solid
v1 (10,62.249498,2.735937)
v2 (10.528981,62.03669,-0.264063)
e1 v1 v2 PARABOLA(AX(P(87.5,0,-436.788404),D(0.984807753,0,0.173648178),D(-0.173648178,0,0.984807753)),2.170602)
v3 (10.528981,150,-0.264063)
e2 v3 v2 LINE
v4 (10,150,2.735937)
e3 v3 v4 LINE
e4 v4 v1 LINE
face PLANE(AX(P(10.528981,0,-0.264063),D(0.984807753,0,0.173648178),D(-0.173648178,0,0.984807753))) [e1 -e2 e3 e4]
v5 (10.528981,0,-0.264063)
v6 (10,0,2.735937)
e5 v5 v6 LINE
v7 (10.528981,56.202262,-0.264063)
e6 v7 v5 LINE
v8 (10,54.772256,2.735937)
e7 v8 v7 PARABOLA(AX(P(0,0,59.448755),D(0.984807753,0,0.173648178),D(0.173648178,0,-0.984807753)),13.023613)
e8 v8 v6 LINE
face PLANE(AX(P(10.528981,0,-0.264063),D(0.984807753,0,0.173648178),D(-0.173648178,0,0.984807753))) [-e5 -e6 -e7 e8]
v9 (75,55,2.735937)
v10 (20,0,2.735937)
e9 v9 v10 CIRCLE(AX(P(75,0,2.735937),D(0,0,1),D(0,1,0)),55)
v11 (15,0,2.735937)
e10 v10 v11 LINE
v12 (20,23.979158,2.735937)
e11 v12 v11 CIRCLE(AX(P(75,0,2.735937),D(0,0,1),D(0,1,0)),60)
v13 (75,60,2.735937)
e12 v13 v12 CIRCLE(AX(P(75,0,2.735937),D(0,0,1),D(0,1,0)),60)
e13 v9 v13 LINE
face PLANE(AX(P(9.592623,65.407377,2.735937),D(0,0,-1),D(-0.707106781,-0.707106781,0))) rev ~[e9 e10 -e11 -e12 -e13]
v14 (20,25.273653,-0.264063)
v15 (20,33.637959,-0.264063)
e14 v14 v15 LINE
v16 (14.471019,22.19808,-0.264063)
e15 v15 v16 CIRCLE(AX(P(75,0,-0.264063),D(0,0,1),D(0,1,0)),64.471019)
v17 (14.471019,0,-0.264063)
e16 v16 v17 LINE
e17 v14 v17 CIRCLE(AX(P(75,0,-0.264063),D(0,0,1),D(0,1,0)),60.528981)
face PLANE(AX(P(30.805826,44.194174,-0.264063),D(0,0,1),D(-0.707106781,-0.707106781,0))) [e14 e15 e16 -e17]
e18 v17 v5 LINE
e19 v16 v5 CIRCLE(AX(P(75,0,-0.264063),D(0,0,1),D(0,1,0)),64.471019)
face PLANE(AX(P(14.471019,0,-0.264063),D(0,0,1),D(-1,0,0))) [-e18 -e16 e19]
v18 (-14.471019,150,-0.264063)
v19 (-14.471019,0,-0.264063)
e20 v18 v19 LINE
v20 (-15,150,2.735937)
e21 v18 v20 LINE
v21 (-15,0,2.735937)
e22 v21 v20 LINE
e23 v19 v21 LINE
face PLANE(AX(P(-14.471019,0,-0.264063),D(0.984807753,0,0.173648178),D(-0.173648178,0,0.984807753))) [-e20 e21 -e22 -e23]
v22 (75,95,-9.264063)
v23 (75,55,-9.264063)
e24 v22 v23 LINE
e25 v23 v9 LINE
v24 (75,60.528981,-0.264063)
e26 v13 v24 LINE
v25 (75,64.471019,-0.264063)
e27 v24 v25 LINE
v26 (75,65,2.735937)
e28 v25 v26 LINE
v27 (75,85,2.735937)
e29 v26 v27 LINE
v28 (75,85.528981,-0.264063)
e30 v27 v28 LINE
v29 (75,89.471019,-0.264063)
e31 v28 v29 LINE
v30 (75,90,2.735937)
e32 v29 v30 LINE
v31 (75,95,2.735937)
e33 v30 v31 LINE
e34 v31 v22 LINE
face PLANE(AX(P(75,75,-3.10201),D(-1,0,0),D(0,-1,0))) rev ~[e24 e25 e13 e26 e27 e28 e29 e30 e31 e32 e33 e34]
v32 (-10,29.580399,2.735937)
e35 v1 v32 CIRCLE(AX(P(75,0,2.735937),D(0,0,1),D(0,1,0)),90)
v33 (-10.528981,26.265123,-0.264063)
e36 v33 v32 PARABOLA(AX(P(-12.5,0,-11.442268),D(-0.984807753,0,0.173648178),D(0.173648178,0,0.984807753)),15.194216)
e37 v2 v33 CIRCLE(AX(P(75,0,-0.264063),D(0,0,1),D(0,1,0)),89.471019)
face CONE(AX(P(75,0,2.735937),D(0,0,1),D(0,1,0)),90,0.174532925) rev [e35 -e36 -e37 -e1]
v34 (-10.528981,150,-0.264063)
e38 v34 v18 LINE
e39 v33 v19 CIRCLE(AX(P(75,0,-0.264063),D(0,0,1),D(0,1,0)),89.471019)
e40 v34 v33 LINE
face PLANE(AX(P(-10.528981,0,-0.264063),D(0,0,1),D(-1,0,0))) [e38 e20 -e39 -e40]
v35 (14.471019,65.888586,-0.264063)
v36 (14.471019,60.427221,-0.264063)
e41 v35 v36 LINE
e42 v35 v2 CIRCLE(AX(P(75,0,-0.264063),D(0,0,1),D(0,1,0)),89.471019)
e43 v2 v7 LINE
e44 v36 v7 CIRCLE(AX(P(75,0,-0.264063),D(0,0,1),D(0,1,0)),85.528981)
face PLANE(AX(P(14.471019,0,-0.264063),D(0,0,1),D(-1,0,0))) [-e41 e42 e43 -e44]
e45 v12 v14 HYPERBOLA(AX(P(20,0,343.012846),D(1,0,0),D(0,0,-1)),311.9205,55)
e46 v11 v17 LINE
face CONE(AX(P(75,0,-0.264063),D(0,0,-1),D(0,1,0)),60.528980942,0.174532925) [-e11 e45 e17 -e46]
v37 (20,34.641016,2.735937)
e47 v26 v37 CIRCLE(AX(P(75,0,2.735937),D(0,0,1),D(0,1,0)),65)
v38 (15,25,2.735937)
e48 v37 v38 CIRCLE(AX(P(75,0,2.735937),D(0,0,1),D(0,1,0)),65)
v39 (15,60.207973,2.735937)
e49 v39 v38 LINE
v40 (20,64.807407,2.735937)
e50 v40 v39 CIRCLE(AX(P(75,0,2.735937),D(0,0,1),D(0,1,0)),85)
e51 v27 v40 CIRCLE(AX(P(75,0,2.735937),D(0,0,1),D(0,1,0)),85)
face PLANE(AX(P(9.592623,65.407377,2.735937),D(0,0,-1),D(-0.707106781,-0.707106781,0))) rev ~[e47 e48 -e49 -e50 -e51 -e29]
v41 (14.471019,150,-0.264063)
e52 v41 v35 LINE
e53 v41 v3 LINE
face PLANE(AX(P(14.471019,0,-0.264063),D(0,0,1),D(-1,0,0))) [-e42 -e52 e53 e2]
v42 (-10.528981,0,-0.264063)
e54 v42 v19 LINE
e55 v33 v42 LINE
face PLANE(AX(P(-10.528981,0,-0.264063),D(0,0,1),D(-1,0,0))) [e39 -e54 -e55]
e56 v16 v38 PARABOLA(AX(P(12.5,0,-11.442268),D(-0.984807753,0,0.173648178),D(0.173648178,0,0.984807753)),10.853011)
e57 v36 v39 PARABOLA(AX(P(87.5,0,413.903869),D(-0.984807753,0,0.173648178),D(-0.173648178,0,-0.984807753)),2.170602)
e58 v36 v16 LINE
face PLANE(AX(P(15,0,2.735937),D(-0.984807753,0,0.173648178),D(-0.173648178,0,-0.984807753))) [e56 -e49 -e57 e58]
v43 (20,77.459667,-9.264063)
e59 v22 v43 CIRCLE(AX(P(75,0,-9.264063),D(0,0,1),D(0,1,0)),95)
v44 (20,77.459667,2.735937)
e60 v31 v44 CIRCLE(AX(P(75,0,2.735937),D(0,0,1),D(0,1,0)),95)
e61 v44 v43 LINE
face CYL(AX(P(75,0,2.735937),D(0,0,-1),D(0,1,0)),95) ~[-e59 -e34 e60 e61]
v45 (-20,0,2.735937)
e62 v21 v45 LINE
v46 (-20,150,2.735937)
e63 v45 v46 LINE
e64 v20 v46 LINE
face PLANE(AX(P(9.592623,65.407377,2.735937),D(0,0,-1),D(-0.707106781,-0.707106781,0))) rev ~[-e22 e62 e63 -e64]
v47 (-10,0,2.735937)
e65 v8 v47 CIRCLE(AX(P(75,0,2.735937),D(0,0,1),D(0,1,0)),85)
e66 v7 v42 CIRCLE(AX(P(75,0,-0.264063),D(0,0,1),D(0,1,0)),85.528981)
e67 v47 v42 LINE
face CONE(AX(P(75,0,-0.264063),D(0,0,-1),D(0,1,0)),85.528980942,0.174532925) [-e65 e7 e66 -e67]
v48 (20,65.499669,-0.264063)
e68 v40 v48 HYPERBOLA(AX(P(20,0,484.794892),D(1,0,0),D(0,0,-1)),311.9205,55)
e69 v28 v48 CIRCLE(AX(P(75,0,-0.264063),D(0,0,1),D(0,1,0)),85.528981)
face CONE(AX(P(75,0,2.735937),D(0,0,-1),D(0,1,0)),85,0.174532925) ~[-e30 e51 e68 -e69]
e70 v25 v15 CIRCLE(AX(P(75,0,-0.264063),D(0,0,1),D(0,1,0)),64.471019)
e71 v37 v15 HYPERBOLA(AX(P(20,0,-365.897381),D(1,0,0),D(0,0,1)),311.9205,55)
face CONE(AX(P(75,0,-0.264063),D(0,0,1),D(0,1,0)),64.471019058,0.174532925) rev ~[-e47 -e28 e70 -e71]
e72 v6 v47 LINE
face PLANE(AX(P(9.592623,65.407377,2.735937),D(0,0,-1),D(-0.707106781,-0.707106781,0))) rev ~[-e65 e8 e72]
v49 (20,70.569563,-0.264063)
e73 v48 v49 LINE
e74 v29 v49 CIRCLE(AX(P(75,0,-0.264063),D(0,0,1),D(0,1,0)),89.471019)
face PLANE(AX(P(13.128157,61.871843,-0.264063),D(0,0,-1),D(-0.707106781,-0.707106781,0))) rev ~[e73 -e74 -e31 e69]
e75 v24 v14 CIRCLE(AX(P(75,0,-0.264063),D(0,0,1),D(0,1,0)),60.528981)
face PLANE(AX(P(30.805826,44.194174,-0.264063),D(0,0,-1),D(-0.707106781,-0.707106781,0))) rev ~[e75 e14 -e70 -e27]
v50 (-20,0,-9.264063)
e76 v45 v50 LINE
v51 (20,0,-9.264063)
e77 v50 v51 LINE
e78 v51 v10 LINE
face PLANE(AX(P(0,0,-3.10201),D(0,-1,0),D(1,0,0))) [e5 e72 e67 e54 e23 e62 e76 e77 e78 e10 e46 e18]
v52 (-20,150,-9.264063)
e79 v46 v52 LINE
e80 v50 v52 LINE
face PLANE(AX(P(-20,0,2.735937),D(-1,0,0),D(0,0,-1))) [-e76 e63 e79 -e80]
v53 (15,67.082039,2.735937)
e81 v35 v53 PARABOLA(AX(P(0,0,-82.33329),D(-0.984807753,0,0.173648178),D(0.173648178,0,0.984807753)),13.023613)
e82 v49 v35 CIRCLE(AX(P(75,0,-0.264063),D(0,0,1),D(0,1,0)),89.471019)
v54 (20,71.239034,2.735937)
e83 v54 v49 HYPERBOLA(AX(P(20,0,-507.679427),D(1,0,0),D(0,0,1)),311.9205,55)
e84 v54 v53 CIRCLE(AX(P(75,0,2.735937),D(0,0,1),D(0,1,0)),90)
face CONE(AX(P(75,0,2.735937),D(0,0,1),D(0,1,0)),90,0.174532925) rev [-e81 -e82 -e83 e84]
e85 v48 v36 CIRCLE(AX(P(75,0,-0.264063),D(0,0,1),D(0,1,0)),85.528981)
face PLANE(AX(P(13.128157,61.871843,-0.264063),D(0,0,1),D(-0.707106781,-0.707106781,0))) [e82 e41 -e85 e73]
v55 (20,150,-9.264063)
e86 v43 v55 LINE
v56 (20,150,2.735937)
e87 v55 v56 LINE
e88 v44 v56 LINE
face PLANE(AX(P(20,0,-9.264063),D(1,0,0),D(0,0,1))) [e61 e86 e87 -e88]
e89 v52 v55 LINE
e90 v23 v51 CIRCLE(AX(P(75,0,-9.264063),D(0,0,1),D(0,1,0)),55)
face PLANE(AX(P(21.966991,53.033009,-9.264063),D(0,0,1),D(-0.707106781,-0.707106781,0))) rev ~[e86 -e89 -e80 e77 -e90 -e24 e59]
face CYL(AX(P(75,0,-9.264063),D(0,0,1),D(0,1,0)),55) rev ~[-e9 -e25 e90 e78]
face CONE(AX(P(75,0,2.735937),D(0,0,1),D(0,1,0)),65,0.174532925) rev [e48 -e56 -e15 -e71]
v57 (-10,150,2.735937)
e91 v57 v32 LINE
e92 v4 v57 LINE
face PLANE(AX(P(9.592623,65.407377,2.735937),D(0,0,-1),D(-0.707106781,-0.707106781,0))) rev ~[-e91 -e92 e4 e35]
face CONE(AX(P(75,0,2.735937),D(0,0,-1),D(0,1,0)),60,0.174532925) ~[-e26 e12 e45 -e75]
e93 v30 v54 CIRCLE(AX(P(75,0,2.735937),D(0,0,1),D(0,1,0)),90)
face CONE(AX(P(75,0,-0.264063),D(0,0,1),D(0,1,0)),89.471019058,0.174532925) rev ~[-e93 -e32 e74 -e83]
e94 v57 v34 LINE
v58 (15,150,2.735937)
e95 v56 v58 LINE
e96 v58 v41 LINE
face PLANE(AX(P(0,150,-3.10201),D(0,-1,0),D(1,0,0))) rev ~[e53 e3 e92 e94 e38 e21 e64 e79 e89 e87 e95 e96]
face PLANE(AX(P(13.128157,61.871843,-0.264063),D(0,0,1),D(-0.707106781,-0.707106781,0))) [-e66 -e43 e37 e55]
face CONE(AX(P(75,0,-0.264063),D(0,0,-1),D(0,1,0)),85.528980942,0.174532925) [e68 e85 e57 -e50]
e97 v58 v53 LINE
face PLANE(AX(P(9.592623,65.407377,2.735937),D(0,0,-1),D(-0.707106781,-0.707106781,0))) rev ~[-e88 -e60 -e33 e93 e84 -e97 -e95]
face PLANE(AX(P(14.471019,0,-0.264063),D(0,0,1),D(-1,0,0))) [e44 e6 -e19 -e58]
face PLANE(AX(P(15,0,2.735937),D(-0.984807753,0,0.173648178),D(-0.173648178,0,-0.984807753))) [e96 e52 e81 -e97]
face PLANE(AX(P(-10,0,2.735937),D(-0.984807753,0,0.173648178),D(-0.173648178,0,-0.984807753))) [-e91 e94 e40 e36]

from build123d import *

# Parameters (mm, degrees)
F1_DEPTH = 150
F5_DEPTH = 150


with BuildPart() as f1:
    # F0 (on Front) → F1 (new body)
    with BuildSketch(Plane.XZ):
        Polygon((-15, 2.7359369216), (-20, 2.7359369216), (-20, -9.2640630784), (20, -9.2640630784), (20, 2.7359369216), (15, 2.7359369216), (14.4710190579, -0.2640630784), (10.5289809421, -0.2640630784), (10, 2.7359369216), (-10, 2.7359369216), (-10.5289809421, -0.2640630784), (-14.4710190579, -0.2640630784), align=None)
    extrude(amount=-F1_DEPTH)

    # F3: sweep along a path in F2
    with BuildLine(Plane.XY) as f3_path:
        ThreePointArc((75, 75), (21.966991411, 53.033008589), (0, 0))
    # F0 (on Front) → F3 (sweep)
    with BuildSketch(Plane.XZ):
        Polygon((-15, 2.7359369216), (-20, 2.7359369216), (-20, -9.2640630784), (20, -9.2640630784), (20, 2.7359369216), (15, 2.7359369216), (14.4710190579, -0.2640630784), (10.5289809421, -0.2640630784), (10, 2.7359369216), (-10, 2.7359369216), (-10.5289809421, -0.2640630784), (-14.4710190579, -0.2640630784), align=None)
    sweep(path=f3_path.line)

    # F4 (on face) → F5 (cut, through all)
    with BuildSketch(Plane.XZ):
        Polygon((-10, 2.7359369216), (-15, 2.7359369216), (-14.4710190579, -0.2640630784), (-10.5289809421, -0.2640630784), align=None)
        Polygon((15, 2.7359369216), (10, 2.7359369216), (10.5289809421, -0.2640630784), (14.4710190579, -0.2640630784), align=None)
    extrude(amount=-F5_DEPTH, mode=Mode.SUBTRACT)

    # F6: sweep along a path in F2
    with BuildLine(Plane.XY) as f6_path:
        ThreePointArc((75, 75), (21.966991411, 53.033008589), (0, 0))
    # F4 (on face) → F6 (sweep, cut)
    with BuildSketch(Plane.XZ):
        Polygon((-10, 2.7359369216), (-15, 2.7359369216), (-14.4710190579, -0.2640630784), (-10.5289809421, -0.2640630784), align=None)
        Polygon((15, 2.7359369216), (10, 2.7359369216), (10.5289809421, -0.2640630784), (14.4710190579, -0.2640630784), align=None)
    sweep(path=f6_path.line, mode=Mode.SUBTRACT)


solid = f1.part
